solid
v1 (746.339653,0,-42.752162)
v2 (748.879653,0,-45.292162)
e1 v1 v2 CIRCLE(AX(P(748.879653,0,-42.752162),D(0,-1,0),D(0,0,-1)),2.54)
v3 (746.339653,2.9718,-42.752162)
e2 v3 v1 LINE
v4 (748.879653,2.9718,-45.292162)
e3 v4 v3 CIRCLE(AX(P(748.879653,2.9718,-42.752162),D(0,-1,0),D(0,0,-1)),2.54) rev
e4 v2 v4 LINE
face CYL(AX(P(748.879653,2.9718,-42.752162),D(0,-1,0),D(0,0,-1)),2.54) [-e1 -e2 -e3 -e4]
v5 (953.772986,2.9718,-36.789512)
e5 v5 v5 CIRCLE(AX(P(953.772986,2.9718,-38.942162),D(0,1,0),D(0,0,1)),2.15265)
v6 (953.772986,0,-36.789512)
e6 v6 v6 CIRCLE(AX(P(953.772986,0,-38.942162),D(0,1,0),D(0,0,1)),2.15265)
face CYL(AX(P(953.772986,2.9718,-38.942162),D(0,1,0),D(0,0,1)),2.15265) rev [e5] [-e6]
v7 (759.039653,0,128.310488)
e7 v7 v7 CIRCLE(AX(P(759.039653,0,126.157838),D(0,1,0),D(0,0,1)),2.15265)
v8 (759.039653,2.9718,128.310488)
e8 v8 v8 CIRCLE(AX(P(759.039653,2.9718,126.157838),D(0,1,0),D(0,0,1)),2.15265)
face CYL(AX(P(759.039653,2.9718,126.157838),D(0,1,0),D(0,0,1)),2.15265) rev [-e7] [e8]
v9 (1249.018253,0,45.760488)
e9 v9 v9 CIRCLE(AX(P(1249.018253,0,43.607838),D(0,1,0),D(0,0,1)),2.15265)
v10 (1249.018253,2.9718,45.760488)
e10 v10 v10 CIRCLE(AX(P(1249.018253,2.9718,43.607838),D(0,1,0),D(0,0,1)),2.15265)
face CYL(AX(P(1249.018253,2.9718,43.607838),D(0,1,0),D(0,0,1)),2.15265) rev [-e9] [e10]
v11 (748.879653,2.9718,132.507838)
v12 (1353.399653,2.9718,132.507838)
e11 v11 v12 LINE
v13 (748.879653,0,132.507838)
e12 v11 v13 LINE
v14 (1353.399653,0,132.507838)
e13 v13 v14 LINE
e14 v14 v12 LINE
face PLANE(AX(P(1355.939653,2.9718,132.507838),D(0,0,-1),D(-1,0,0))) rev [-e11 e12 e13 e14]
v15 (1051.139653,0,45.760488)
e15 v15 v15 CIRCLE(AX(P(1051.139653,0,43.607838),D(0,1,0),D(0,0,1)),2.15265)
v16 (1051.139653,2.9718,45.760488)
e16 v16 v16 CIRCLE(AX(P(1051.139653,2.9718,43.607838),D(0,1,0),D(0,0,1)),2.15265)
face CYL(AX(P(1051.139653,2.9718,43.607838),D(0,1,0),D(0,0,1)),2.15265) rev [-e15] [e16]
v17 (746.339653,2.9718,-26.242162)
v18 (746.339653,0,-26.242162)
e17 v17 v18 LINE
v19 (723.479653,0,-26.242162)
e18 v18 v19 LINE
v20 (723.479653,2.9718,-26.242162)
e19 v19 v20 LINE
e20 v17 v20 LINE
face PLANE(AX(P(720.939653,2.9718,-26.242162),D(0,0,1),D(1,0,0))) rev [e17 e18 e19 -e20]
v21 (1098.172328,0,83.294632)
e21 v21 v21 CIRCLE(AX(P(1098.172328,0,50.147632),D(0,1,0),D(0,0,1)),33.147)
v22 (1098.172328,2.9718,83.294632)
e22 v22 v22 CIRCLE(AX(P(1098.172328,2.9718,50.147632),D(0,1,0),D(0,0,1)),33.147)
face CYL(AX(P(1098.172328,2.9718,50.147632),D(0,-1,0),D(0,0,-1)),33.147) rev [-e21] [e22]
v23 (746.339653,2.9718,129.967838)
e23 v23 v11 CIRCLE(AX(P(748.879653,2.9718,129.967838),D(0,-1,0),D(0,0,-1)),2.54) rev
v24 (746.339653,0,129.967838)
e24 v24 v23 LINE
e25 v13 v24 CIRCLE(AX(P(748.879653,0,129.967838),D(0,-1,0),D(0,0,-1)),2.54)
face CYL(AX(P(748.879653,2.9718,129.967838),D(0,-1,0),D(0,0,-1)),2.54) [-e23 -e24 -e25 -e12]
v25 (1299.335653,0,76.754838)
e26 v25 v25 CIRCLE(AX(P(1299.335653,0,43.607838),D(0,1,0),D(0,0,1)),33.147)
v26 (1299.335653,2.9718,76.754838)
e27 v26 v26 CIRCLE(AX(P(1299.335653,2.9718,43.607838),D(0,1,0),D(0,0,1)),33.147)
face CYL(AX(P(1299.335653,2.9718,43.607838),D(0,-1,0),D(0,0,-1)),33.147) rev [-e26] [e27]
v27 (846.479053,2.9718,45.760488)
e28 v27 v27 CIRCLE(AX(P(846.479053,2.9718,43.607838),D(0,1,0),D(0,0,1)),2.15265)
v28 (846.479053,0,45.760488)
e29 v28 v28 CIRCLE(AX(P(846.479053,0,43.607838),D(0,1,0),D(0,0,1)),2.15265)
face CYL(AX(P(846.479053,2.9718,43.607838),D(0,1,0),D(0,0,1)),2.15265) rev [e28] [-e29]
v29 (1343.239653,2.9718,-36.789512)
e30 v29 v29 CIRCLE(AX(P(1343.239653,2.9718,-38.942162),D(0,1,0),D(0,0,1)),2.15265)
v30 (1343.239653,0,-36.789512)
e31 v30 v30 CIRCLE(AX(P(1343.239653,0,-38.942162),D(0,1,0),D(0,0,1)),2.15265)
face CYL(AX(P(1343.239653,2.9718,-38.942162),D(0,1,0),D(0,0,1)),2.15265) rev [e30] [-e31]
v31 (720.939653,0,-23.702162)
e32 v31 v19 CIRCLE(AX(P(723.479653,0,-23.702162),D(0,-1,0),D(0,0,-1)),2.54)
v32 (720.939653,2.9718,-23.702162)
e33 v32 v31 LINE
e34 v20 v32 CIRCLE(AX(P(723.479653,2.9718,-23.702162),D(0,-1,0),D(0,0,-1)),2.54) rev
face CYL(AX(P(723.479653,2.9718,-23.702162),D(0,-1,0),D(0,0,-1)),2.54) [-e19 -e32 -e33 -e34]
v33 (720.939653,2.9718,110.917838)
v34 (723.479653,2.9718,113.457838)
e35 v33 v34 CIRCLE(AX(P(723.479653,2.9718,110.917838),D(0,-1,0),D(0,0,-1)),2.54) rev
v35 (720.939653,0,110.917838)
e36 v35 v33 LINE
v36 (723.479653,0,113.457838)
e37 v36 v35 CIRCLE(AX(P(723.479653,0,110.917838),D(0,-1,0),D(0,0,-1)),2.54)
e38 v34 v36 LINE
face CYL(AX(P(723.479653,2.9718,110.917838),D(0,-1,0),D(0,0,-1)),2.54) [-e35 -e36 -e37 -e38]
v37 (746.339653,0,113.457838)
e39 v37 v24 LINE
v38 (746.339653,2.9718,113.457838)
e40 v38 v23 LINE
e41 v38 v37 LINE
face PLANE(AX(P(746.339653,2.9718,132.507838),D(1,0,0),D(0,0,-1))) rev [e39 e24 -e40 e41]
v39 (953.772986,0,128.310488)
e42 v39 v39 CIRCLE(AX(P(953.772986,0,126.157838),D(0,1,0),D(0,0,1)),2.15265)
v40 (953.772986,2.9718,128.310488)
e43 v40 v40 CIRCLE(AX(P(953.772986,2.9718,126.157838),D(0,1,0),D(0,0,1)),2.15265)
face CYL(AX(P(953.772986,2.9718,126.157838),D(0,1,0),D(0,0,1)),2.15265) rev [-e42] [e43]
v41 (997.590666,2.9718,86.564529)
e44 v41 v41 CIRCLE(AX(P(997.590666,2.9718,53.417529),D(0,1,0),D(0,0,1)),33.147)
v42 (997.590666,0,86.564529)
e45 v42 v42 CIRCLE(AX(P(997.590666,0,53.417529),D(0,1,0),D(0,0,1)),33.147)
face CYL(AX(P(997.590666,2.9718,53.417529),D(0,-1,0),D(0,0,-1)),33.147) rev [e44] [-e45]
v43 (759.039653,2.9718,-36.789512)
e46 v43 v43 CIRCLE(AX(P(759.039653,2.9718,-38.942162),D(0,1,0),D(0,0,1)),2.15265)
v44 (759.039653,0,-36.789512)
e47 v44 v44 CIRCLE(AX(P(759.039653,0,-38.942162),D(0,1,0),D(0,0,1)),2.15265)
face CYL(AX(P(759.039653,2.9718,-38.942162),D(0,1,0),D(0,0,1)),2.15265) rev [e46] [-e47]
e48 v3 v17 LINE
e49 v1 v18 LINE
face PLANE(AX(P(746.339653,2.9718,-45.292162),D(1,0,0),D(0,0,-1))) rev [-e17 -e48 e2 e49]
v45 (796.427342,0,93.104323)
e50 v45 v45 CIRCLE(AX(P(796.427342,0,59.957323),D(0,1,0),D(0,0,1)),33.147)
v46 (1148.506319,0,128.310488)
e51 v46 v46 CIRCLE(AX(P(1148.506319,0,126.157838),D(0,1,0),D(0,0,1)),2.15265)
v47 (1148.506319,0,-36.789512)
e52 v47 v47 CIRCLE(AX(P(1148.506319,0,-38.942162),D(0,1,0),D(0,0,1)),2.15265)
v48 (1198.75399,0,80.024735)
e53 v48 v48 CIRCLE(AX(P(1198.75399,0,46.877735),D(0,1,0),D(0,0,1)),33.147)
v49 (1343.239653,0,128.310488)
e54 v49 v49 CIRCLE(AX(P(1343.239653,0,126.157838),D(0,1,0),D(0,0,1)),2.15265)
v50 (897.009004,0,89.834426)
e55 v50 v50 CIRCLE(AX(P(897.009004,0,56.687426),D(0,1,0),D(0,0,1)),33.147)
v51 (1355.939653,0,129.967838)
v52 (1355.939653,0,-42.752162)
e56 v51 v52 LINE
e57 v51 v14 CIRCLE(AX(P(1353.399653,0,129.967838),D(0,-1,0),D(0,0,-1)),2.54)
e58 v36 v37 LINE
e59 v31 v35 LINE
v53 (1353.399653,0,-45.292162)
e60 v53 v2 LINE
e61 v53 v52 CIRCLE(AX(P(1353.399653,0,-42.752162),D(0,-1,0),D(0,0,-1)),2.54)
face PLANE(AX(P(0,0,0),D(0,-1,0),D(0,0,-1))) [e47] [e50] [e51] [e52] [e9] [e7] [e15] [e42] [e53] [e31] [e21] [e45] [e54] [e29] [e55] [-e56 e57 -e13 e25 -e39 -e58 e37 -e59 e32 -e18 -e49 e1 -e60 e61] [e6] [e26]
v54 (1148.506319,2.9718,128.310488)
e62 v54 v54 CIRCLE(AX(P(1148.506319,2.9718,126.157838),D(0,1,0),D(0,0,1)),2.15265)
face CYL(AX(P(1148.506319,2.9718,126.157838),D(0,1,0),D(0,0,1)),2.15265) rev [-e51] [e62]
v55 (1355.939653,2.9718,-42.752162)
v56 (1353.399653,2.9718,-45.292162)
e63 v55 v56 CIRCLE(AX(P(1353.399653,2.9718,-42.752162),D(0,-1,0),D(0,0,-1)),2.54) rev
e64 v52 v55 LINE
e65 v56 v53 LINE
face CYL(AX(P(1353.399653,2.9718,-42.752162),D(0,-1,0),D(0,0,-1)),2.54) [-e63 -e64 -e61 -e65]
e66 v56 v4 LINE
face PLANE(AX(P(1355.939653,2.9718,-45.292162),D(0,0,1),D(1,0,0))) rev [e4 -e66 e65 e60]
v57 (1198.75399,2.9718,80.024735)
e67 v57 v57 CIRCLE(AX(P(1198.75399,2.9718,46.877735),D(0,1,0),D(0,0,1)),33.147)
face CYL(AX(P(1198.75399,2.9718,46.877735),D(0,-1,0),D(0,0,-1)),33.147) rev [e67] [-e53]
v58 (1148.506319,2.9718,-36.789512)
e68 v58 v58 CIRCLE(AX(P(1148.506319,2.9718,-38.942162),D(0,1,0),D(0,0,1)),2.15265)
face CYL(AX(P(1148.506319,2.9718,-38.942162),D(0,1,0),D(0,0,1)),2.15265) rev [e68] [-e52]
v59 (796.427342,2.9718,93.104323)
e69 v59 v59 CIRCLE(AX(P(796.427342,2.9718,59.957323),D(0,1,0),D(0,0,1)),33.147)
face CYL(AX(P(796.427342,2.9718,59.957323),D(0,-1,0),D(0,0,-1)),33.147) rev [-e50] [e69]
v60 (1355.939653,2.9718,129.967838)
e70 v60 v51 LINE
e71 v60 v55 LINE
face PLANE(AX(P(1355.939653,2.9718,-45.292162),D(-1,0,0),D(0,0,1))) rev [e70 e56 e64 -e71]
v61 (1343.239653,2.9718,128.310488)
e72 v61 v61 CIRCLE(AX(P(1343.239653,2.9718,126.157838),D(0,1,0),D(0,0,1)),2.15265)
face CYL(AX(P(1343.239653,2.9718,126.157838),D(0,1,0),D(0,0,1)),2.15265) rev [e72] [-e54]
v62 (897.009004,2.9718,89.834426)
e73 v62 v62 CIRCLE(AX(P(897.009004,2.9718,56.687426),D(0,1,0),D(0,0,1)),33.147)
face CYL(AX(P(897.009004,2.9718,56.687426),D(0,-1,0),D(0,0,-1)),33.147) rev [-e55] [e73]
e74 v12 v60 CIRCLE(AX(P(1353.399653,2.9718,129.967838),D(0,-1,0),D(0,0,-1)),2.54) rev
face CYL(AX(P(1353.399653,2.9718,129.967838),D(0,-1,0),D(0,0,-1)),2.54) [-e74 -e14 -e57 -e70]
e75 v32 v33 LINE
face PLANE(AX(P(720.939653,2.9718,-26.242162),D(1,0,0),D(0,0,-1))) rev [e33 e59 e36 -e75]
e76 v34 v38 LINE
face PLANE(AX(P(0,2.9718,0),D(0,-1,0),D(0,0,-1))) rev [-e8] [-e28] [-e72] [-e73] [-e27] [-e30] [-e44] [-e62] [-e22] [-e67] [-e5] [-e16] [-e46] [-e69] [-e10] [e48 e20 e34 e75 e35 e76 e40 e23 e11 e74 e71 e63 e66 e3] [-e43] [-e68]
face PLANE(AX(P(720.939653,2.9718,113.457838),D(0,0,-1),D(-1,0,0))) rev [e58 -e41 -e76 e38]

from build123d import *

# Parameters (mm, degrees)
SKETCH1_R             = 33.147
BOSS_EXTRUDE1_DEPTH   = 2.9718
F_8_CLEARANCE_HOLE1_D = 4.3053
FILLET1_R             = 2.54


with BuildPart() as part:
    # Sketch1 → Boss-Extrude1 (new body)
    with BuildSketch(Plane(origin=(0, 0, 0), x_dir=(1, 0, 0), z_dir=(0, 1, 0))):
        Polygon((720.939652548, 26.242162499), (720.939652548, -113.457837501), (746.339652548, -113.457837501), (746.339652548, -132.507837501), (1355.939652548, -132.507837501), (1355.939652548, 45.292162499), (746.339652548, 45.292162499), (746.339652548, 26.242162499), align=None)
        with Locations(Location((1299.335652548, -43.607837501, 0), (0, 0, 270))):
            Circle(SKETCH1_R, mode=Mode.SUBTRACT)
        with Locations(Location((1198.753990482, -46.877734612, 0), (0, 0, 270))):
            Circle(SKETCH1_R, mode=Mode.SUBTRACT)
        with Locations(Location((1098.172328416, -50.147631723, 0), (0, 0, 270))):
            Circle(SKETCH1_R, mode=Mode.SUBTRACT)
        with Locations(Location((997.59066635, -53.417528834, 0), (0, 0, 270))):
            Circle(SKETCH1_R, mode=Mode.SUBTRACT)
        with Locations(Location((897.009004284, -56.687425945, 0), (0, 0, 270))):
            Circle(SKETCH1_R, mode=Mode.SUBTRACT)
        with Locations(Location((796.427342219, -59.957323056, 0), (0, 0, 270))):
            Circle(SKETCH1_R, mode=Mode.SUBTRACT)
    extrude(amount=BOSS_EXTRUDE1_DEPTH)

    # #8 Clearance Hole1 (through all)
    with Locations(Plane(origin=(0, 2.9718, 0), x_dir=(1, 0, 0), z_dir=(0, 1, 0))):
        with Locations((759.039652548, 38.942162499), (759.039652548, -126.157837501), (953.772985881, -126.157837501), (953.772985881, 38.942162499), (1148.506319214, 38.942162499), (1148.506319214, -126.157837501), (1343.239652548, -126.157837501), (1343.239652548, 38.942162499), (1249.018252548, -43.607837501), (1051.139652548, -43.607837501), (846.479052548, -43.607837501)):
            Hole(F_8_CLEARANCE_HOLE1_D / 2)

    # Fillet1
    fillet1_edges = [part.edges().sort_by_distance(p)[0] for p in [
        (746.339652548, 1.4859, 132.507837501),
        (720.939652548, 1.4859, 113.457837501),
        (720.939652548, 1.4859, -26.242162499),
        (746.339652548, 1.4859, -45.292162499),
        (1355.939652548, 1.4859, -45.292162499),
        (1355.939652548, 1.4859, 132.507837501),
    ]]
    fillet(fillet1_edges, radius=FILLET1_R)


solid = part.part
